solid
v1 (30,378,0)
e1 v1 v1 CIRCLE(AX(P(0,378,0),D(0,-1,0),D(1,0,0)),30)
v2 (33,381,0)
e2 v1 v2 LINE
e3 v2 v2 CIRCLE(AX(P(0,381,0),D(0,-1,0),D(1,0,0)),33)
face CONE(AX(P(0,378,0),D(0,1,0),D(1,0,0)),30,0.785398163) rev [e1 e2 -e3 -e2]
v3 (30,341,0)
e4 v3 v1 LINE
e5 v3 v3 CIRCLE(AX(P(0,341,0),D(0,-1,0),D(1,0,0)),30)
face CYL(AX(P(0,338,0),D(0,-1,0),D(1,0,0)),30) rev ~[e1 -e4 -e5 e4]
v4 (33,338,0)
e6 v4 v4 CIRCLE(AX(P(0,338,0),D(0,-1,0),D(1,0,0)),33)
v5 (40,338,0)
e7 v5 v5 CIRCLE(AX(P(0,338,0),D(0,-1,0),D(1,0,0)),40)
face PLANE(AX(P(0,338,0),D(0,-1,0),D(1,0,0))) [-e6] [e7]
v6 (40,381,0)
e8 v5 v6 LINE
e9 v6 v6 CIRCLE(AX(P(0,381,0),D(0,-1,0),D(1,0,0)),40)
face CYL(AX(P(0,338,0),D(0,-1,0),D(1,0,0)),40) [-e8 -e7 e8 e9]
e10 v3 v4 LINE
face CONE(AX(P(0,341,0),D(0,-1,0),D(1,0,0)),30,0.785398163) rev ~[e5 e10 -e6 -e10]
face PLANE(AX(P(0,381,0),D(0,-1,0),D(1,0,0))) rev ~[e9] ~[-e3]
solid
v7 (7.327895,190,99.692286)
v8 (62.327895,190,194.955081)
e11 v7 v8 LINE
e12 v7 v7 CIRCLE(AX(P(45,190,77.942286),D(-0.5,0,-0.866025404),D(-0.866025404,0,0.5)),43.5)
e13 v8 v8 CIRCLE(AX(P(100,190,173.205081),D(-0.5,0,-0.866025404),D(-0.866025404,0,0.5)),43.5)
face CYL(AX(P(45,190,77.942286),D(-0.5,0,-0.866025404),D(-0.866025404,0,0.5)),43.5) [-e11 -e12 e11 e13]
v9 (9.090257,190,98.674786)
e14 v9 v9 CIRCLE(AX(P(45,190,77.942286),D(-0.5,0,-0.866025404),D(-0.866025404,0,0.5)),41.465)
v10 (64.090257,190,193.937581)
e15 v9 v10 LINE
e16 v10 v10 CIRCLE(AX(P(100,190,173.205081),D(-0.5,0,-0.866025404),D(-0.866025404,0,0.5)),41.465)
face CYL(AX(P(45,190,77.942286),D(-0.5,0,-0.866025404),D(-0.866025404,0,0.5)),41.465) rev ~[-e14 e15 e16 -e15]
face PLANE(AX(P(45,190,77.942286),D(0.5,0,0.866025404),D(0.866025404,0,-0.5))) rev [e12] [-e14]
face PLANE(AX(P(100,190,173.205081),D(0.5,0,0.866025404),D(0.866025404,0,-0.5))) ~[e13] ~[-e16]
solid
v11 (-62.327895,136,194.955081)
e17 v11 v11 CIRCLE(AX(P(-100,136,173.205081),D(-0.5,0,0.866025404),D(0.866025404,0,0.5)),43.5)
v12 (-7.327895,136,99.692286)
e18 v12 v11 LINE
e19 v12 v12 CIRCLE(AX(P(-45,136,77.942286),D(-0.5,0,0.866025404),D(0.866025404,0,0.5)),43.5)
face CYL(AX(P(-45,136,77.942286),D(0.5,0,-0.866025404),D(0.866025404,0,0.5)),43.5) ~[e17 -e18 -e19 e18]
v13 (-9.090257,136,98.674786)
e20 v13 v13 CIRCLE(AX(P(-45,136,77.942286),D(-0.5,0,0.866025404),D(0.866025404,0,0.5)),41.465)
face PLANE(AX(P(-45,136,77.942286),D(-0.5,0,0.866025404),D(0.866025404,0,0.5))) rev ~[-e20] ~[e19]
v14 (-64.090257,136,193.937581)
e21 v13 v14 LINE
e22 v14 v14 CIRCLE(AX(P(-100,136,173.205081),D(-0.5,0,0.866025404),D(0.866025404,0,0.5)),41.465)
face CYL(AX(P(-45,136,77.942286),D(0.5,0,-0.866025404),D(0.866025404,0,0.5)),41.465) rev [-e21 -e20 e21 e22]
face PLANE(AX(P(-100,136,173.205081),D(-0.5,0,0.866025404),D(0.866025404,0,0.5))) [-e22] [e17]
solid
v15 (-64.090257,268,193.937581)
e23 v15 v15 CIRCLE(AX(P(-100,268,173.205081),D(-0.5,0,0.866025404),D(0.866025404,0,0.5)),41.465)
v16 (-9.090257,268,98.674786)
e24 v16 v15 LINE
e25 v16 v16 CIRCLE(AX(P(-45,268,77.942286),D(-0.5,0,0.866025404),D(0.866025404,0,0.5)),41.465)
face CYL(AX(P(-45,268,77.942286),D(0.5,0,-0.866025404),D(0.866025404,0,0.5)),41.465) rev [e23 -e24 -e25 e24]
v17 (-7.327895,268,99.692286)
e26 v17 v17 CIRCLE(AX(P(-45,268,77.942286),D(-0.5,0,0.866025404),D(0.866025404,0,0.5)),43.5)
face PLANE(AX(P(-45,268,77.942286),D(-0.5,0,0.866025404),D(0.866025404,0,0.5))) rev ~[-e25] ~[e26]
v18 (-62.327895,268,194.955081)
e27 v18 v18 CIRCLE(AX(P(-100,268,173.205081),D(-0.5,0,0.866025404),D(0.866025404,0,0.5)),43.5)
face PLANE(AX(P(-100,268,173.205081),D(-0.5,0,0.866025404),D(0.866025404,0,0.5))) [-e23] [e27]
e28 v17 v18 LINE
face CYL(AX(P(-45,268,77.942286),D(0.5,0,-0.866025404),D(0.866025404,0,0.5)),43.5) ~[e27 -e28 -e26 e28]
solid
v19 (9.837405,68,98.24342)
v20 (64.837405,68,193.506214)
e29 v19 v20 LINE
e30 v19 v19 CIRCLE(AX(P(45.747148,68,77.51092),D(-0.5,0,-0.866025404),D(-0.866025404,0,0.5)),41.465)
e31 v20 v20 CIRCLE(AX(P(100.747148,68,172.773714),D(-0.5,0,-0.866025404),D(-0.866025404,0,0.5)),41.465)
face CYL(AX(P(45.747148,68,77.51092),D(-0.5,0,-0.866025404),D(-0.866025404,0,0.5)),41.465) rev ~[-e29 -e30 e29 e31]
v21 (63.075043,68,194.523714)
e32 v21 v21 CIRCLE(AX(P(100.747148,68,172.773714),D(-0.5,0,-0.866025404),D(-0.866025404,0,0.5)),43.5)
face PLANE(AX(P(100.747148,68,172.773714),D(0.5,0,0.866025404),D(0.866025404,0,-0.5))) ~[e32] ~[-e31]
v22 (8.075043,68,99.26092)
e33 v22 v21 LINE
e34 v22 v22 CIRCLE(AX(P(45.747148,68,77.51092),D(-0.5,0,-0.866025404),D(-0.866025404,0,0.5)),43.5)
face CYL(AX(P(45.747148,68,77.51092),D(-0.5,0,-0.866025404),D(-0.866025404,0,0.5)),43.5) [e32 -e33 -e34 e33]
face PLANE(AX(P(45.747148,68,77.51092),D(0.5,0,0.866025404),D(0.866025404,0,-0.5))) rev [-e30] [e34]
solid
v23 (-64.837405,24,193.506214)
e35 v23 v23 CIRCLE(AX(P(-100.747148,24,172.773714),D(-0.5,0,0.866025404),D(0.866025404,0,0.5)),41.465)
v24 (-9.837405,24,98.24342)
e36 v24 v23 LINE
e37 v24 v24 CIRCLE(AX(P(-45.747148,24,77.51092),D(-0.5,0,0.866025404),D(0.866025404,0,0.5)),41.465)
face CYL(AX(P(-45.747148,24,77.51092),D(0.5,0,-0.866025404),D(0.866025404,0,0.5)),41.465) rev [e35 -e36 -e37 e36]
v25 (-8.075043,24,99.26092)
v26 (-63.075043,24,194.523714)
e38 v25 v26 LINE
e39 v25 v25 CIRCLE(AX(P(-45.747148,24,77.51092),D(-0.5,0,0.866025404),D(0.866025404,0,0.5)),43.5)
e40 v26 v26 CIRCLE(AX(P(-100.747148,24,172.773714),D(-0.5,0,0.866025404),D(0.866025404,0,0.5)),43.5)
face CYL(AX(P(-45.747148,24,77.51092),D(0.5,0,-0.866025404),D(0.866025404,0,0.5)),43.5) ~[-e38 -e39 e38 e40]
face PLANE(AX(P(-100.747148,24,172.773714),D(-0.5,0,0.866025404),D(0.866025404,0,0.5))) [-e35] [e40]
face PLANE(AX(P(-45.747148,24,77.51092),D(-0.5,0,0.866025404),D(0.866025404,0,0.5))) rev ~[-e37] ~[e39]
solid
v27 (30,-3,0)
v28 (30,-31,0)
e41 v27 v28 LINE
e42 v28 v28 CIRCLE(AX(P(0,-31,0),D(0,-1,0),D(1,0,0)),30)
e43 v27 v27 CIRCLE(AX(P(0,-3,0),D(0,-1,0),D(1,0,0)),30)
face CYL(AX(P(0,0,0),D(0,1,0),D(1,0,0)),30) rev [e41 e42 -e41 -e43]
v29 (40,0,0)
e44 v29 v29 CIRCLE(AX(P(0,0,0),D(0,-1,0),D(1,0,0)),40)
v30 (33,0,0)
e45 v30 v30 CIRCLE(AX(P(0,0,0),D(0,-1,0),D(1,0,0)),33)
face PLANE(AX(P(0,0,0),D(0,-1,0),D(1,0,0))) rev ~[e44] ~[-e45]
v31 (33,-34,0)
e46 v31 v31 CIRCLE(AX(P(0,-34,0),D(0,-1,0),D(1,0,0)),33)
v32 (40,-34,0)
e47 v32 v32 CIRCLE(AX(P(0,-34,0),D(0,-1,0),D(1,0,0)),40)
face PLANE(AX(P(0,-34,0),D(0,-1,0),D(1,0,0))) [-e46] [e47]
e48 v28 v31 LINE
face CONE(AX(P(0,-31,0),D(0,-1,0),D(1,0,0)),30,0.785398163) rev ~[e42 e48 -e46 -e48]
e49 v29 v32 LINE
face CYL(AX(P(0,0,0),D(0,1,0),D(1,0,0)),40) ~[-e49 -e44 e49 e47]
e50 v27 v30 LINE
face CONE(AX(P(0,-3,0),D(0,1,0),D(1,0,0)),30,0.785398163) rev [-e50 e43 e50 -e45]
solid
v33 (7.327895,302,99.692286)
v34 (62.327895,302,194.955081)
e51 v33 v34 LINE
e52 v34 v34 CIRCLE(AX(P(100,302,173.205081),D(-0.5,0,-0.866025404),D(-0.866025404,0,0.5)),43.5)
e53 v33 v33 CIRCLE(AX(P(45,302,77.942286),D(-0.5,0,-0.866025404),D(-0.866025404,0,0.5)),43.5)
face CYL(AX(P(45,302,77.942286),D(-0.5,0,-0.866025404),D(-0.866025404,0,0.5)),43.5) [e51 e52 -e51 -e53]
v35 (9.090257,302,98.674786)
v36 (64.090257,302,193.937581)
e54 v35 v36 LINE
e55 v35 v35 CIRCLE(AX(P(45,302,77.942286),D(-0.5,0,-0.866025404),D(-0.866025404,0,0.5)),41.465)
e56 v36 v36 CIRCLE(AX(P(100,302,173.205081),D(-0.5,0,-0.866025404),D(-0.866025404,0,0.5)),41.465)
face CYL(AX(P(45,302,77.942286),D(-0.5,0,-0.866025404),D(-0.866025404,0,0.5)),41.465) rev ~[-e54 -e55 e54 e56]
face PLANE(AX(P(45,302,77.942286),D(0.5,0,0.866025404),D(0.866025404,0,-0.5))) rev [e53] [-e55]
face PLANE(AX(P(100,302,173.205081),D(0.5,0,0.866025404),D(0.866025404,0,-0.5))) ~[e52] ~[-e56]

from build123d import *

# Parameters (mm, degrees)
F0_R      = 40
F0_R_2    = 30
F1_DEPTH  = 34
F3_R      = 40
F3_R_2    = 30
F4_DEPTH  = 43
F5_SIZE   = 3
F5_2_SIZE = 3
F8_START  = 90
F7_R      = 43.5
F7_R_2    = 41.465
F8_DEPTH  = 110


with BuildPart() as f1:
    # F0 (on Front) → F1 (new body)
    with BuildSketch(Plane.XZ):
        Circle(F0_R)
        Circle(F0_R_2, mode=Mode.SUBTRACT)
    extrude(amount=F1_DEPTH)

    # F5
    f5_edges = [f1.edges().sort_by_distance(p)[0] for p in [
        (-30, -34, 0),
        (-30, 0, 0),
    ]]
    chamfer(f5_edges, length=F5_SIZE)


with BuildPart() as f4:
    # F3 (on offset) → F4 (new body)
    with BuildSketch(Plane.XZ.offset(-338)):
        Circle(F3_R)
        Circle(F3_R_2, mode=Mode.SUBTRACT)
    extrude(amount=-F4_DEPTH)

    # F5#2
    f5_2_edges = [f4.edges().sort_by_distance(p)[0] for p in [
        (-30, 338, 0),
        (-30, 381, 0),
    ]]
    chamfer(f5_2_edges, length=F5_2_SIZE)


with BuildPart() as f8:
    # F7 (on face) → F8 (new body)
    with BuildSketch(Plane(origin=(0, 0, 0), x_dir=(0.8660254038, 0, 0.5), z_dir=(-0.5, 0, 0.8660254038)).offset(F8_START)):
        with Locations((-0.8627325296, 14)):
            Circle(F7_R)
        with Locations((-0.8627325296, 14)):
            Circle(F7_R_2, mode=Mode.SUBTRACT)
    extrude(amount=F8_DEPTH)


with BuildPart() as f8b:
    # F7 (on face) → F8, piece 2 (new body)
    with BuildSketch(Plane(origin=(0, 0, 0), x_dir=(0.8660254038, 0, 0.5), z_dir=(-0.5, 0, 0.8660254038)).offset(F8_START)):
        with Locations((0, 136)):
            Circle(F7_R)
        with Locations((0, 136)):
            Circle(F7_R_2, mode=Mode.SUBTRACT)
    extrude(amount=F8_DEPTH)


with BuildPart() as f8c:
    # F7 (on face) → F8, piece 3 (new body)
    with BuildSketch(Plane(origin=(0, 0, 0), x_dir=(0.8660254038, 0, 0.5), z_dir=(-0.5, 0, 0.8660254038)).offset(F8_START)):
        with Locations((0, 258)):
            Circle(F7_R)
        with Locations((0, 258)):
            Circle(F7_R_2, mode=Mode.SUBTRACT)
    extrude(amount=F8_DEPTH)


with BuildPart() as f9_1:
    # F9: instance of F8c
    add(f8c.part.mirror(Plane.YZ))


with BuildPart() as f9_2:
    # F9: instance of F8b
    add(f8b.part.mirror(Plane.YZ))


with BuildPart() as f9_3:
    # F9: instance of F8
    add(f8.part.mirror(Plane.YZ))


with BuildPart() as f9_3_1:
    # F10: moved
    add(f9_3.part.moved(Location((0, 44, 0))))


with BuildPart() as f9_2_1:
    # F10: moved
    add(f9_2.part.moved(Location((0, 44, 0))))


with BuildPart() as f9_1_1:
    # F10: moved
    add(f9_1.part.moved(Location((0, 44, 0))))


with BuildPart() as f8_1:
    # F11: moved
    add(f8.part.moved(Location((0, 10, 0))))


with BuildPart() as f9_3_2:
    # F11: moved
    add(f9_3_1.part.moved(Location((0, 10, 0))))


with BuildPart() as f9_2_2:
    # F11: moved
    add(f9_2_1.part.moved(Location((0, 10, 0))))


with BuildPart() as f8c_1:
    # F11: moved
    add(f8c.part.moved(Location((0, 10, 0))))


solid = Compound([f1.part, f4.part, f8b.part, f9_1_1.part, f8_1.part, f9_3_2.part, f9_2_2.part, f8c_1.part])
